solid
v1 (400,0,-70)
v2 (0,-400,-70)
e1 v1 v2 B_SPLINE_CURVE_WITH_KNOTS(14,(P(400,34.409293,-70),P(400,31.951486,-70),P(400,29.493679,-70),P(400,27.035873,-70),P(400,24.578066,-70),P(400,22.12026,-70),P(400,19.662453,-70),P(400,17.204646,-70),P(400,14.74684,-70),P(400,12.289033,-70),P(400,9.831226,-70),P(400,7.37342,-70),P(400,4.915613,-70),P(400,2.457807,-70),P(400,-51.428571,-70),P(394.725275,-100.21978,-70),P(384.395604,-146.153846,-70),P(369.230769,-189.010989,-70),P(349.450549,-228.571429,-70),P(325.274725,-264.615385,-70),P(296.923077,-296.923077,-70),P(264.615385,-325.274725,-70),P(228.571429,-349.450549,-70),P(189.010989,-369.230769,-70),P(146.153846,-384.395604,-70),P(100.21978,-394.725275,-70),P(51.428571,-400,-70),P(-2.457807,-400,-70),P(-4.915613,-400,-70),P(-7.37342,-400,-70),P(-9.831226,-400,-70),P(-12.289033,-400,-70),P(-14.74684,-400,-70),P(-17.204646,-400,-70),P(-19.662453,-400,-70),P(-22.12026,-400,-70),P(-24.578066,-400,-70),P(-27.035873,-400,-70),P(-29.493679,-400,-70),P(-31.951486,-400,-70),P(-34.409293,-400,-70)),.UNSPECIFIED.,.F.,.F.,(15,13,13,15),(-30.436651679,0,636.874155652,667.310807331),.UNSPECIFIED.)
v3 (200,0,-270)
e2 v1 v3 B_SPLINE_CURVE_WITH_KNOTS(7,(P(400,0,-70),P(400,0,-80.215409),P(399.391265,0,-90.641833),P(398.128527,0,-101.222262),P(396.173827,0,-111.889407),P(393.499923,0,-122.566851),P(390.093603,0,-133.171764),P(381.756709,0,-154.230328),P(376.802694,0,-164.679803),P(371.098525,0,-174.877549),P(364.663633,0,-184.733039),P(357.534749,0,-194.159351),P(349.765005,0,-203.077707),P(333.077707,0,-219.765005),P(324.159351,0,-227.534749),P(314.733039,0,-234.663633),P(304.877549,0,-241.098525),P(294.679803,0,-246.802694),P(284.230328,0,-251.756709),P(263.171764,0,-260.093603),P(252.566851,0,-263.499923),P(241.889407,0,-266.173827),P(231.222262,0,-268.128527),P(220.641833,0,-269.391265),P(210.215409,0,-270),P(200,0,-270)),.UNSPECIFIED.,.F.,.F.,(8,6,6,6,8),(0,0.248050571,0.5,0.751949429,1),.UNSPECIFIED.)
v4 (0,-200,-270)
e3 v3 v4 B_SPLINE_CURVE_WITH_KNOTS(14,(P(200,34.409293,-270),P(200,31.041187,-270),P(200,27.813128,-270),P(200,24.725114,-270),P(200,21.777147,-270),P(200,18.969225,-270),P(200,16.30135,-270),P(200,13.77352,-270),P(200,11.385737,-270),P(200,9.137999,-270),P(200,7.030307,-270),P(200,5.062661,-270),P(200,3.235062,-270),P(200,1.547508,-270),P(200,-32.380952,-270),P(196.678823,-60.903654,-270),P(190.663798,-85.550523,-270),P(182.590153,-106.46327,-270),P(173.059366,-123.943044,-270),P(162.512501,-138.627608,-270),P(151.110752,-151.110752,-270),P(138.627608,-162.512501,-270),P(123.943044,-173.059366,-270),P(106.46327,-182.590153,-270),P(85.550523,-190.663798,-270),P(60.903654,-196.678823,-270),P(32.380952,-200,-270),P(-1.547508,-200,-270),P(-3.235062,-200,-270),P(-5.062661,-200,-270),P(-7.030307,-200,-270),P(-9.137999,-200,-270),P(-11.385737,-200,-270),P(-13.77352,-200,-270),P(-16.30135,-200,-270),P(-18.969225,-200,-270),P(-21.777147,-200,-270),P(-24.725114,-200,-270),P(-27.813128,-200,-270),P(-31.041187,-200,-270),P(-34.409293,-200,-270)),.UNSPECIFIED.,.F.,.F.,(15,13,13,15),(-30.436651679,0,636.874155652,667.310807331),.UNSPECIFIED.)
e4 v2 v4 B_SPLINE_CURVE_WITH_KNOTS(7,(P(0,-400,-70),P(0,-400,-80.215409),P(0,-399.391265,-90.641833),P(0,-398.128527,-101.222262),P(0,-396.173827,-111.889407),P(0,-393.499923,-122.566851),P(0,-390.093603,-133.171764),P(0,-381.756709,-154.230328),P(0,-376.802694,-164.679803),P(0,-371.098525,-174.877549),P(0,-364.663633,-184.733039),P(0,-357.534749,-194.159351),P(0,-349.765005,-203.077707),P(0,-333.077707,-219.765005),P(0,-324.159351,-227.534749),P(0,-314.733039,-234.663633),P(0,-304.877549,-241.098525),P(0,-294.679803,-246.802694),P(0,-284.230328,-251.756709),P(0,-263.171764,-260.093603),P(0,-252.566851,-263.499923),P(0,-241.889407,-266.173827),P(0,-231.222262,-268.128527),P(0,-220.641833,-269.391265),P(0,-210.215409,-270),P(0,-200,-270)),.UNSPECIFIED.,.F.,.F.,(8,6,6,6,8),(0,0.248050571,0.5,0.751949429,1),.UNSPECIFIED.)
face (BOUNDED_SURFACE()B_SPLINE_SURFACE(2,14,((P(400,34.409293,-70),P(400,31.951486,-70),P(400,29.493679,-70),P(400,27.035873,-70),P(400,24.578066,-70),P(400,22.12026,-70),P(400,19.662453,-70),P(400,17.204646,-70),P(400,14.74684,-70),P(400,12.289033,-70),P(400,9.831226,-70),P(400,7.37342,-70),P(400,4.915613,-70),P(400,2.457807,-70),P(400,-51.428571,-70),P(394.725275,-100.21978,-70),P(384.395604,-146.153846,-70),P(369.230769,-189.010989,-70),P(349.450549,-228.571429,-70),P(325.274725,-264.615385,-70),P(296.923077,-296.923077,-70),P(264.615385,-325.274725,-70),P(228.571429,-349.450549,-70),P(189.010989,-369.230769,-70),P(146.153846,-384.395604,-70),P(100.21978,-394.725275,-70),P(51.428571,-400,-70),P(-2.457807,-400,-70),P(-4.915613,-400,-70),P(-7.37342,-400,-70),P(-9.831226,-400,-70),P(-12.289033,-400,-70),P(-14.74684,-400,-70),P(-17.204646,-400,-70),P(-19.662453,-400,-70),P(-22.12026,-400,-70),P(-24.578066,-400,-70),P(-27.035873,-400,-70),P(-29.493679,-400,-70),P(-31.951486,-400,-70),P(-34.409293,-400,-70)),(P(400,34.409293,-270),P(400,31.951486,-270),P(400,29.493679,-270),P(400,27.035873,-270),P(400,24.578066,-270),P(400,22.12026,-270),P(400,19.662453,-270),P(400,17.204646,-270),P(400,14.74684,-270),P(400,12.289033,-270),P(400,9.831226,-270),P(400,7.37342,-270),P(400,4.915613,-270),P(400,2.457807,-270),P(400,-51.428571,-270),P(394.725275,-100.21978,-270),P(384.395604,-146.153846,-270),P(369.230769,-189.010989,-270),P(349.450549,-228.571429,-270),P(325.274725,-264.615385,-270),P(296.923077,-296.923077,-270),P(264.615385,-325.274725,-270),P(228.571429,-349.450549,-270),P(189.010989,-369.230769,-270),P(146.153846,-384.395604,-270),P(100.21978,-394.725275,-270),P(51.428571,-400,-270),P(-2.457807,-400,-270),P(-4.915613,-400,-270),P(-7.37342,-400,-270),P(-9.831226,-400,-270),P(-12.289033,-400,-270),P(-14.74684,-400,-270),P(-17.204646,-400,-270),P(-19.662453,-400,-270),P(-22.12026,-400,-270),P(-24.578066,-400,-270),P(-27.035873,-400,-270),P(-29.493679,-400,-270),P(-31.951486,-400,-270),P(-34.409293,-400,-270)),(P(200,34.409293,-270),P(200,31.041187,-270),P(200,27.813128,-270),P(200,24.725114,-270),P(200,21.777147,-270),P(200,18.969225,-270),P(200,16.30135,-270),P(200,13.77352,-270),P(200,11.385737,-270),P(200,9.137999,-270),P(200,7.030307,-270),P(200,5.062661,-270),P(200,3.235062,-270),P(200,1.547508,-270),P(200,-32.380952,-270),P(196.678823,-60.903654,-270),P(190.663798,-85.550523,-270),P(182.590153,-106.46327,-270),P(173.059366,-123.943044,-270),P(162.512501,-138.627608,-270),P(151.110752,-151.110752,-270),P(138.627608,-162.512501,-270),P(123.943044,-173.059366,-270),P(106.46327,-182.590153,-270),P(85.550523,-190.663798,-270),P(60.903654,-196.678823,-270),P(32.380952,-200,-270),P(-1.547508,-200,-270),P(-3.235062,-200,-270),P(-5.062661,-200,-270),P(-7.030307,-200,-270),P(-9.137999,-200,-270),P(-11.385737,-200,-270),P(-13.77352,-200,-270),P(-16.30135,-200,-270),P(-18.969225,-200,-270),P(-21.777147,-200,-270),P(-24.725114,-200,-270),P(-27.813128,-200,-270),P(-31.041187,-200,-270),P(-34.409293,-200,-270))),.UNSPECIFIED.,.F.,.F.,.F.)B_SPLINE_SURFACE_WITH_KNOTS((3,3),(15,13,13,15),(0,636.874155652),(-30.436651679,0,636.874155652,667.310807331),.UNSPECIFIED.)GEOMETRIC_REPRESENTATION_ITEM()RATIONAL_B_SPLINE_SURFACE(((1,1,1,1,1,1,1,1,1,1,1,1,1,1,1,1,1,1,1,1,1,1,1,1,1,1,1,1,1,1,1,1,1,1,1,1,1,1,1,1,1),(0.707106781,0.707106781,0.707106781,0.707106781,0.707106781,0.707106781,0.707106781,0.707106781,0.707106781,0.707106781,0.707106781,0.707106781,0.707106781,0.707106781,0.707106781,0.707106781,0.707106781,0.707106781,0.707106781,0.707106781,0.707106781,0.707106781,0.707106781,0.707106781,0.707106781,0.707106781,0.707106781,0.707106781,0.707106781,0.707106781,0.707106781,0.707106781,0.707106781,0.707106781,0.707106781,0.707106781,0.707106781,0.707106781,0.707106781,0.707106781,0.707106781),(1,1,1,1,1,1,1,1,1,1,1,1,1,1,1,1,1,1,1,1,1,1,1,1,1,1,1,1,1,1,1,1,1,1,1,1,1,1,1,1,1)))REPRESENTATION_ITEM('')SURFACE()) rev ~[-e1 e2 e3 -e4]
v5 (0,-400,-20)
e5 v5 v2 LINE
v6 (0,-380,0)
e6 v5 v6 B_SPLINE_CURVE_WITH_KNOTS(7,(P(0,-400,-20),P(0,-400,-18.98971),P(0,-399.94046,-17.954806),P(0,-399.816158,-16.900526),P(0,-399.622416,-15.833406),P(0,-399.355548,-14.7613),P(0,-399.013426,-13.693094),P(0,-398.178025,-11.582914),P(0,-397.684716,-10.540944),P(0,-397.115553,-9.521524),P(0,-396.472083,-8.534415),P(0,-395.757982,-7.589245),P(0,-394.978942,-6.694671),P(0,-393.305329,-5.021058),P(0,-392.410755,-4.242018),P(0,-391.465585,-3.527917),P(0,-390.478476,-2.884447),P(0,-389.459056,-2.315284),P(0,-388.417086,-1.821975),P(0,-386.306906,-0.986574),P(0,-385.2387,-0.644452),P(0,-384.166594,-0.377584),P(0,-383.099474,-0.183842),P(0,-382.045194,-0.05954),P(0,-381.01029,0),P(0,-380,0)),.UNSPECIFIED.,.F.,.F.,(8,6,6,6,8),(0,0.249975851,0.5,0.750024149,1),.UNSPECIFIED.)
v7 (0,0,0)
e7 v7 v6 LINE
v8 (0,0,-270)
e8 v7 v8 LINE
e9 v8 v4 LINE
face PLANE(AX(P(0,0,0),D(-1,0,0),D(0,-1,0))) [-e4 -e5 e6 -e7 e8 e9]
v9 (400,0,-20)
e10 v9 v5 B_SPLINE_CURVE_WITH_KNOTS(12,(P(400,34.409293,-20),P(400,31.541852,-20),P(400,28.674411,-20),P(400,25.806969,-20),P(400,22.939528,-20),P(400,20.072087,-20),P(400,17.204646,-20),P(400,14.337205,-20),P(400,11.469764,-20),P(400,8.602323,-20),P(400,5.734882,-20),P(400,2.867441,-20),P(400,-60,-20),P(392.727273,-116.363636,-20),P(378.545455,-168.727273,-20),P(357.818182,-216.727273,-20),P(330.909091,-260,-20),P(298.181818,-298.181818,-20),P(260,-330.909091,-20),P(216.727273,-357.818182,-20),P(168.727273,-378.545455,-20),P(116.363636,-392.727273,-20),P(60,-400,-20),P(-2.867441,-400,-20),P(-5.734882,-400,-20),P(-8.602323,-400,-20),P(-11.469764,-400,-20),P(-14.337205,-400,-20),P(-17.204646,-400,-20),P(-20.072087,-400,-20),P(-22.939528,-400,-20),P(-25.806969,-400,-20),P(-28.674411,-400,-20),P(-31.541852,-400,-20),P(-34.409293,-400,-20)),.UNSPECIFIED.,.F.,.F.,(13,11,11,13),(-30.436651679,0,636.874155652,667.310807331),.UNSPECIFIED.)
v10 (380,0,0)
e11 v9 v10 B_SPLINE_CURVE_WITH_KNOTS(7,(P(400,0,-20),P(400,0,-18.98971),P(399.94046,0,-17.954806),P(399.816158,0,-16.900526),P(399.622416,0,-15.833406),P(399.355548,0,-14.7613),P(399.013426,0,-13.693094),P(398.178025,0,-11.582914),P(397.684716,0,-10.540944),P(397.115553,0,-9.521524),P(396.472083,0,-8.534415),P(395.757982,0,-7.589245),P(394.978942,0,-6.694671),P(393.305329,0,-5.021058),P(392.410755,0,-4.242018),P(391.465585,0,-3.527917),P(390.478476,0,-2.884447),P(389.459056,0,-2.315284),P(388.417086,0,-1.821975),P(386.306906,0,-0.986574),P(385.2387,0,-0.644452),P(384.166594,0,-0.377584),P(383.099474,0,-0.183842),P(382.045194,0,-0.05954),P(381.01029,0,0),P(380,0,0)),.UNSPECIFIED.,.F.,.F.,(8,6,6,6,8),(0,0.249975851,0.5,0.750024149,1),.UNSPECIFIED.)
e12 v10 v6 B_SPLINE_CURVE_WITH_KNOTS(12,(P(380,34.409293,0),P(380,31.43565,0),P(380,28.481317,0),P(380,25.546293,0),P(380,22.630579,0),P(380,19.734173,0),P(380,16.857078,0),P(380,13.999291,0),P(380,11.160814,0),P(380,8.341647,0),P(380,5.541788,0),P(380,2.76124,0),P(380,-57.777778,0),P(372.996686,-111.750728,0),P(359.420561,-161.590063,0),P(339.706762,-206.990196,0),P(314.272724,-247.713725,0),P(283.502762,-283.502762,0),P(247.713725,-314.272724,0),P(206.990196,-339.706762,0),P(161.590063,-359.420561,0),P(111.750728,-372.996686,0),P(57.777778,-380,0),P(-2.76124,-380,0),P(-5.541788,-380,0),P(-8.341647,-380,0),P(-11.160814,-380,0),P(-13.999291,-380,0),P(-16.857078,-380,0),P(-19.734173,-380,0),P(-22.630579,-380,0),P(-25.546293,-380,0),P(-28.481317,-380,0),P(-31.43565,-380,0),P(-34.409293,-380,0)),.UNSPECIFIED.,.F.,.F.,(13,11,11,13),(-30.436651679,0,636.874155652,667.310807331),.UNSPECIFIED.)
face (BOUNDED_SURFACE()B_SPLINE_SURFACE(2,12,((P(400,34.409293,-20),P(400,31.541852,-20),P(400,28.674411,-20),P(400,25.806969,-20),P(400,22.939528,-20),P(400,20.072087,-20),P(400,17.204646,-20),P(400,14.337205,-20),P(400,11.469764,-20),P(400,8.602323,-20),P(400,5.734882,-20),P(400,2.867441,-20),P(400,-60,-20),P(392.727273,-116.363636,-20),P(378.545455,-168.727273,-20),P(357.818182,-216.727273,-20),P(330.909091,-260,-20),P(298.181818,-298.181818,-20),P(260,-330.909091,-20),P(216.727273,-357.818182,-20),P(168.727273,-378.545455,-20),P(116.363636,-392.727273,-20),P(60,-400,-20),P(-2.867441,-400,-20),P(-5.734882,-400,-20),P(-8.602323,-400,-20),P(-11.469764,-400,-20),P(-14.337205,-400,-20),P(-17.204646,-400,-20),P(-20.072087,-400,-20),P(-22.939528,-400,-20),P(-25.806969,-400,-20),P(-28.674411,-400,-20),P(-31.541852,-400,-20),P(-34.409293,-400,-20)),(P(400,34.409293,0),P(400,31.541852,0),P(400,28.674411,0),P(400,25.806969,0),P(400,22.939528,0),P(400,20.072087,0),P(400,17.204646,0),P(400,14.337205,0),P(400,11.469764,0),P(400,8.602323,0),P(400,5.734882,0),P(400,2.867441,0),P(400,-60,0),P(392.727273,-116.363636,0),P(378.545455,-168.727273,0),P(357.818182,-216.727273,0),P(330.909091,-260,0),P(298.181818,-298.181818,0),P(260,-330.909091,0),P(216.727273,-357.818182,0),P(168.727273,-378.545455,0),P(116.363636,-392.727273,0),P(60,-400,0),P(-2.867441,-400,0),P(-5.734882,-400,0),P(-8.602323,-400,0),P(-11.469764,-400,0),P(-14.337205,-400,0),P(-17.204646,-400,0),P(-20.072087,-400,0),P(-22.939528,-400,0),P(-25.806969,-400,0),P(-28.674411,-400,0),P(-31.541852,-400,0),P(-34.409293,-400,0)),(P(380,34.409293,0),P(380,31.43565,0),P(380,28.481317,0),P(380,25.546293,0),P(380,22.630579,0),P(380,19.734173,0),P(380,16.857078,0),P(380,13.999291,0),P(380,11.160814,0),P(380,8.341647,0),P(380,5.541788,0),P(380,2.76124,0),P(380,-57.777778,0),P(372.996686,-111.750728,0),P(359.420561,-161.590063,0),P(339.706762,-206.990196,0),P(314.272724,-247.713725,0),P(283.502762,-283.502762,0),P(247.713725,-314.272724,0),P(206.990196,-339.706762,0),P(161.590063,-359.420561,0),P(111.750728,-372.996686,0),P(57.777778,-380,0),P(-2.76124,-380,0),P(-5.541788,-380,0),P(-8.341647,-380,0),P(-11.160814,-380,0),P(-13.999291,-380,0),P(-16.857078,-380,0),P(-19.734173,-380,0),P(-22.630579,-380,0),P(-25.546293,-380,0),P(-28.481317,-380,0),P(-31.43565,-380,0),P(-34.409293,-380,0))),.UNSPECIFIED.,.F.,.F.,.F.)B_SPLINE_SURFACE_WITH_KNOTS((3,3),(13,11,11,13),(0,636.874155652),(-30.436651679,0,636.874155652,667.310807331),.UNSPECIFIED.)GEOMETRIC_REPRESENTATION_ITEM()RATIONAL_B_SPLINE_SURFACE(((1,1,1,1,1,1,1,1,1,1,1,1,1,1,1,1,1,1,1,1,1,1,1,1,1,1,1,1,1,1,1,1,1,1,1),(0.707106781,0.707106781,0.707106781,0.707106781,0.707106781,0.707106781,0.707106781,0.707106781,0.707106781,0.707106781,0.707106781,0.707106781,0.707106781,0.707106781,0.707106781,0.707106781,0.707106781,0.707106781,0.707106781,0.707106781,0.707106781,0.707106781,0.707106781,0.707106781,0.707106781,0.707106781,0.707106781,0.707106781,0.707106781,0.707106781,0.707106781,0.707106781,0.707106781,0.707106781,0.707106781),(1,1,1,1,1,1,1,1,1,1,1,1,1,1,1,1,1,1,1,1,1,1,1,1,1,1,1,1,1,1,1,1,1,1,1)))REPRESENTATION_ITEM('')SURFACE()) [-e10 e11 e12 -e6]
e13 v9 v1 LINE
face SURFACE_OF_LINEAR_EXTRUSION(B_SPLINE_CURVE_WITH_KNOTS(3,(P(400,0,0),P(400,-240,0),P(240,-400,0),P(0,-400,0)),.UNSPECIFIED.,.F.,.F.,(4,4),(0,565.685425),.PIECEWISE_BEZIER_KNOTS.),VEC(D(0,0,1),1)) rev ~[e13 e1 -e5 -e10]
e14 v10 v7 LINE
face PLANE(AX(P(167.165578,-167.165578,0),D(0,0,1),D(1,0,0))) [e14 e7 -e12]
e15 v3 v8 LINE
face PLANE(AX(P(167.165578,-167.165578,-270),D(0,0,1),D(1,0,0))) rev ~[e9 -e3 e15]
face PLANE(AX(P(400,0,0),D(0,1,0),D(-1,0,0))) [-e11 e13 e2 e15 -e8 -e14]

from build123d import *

# Parameters (mm, degrees)
F1_DEPTH = 270
F2_R     = 200
F3_R     = 20


with BuildPart() as f1:
    # F0 (on Top) → F1 (new body)
    with BuildSketch(Plane.XY):
        with BuildLine():
            Line((400, 0), (0, 0))
            Line((0, 0), (0, -400))
            add(Edge.make_bspline(
                [(400, 0), (400, -240), (240, -400), (0, -400)],
                knots=[0, 0, 0, 0, 565.685425, 565.685425, 565.685425, 565.685425], degree=3))
        make_face()
    extrude(amount=-F1_DEPTH)

    # F2
    f2_edges = [f1.edges().sort_by_distance(p)[0] for p in [
        (290, -290, -270),
    ]]
    fillet(f2_edges, radius=F2_R)

    # F3
    f3_edges = [f1.edges().sort_by_distance(p)[0] for p in [
        (290, -290, 0),
    ]]
    fillet(f3_edges, radius=F3_R)


solid = f1.part
